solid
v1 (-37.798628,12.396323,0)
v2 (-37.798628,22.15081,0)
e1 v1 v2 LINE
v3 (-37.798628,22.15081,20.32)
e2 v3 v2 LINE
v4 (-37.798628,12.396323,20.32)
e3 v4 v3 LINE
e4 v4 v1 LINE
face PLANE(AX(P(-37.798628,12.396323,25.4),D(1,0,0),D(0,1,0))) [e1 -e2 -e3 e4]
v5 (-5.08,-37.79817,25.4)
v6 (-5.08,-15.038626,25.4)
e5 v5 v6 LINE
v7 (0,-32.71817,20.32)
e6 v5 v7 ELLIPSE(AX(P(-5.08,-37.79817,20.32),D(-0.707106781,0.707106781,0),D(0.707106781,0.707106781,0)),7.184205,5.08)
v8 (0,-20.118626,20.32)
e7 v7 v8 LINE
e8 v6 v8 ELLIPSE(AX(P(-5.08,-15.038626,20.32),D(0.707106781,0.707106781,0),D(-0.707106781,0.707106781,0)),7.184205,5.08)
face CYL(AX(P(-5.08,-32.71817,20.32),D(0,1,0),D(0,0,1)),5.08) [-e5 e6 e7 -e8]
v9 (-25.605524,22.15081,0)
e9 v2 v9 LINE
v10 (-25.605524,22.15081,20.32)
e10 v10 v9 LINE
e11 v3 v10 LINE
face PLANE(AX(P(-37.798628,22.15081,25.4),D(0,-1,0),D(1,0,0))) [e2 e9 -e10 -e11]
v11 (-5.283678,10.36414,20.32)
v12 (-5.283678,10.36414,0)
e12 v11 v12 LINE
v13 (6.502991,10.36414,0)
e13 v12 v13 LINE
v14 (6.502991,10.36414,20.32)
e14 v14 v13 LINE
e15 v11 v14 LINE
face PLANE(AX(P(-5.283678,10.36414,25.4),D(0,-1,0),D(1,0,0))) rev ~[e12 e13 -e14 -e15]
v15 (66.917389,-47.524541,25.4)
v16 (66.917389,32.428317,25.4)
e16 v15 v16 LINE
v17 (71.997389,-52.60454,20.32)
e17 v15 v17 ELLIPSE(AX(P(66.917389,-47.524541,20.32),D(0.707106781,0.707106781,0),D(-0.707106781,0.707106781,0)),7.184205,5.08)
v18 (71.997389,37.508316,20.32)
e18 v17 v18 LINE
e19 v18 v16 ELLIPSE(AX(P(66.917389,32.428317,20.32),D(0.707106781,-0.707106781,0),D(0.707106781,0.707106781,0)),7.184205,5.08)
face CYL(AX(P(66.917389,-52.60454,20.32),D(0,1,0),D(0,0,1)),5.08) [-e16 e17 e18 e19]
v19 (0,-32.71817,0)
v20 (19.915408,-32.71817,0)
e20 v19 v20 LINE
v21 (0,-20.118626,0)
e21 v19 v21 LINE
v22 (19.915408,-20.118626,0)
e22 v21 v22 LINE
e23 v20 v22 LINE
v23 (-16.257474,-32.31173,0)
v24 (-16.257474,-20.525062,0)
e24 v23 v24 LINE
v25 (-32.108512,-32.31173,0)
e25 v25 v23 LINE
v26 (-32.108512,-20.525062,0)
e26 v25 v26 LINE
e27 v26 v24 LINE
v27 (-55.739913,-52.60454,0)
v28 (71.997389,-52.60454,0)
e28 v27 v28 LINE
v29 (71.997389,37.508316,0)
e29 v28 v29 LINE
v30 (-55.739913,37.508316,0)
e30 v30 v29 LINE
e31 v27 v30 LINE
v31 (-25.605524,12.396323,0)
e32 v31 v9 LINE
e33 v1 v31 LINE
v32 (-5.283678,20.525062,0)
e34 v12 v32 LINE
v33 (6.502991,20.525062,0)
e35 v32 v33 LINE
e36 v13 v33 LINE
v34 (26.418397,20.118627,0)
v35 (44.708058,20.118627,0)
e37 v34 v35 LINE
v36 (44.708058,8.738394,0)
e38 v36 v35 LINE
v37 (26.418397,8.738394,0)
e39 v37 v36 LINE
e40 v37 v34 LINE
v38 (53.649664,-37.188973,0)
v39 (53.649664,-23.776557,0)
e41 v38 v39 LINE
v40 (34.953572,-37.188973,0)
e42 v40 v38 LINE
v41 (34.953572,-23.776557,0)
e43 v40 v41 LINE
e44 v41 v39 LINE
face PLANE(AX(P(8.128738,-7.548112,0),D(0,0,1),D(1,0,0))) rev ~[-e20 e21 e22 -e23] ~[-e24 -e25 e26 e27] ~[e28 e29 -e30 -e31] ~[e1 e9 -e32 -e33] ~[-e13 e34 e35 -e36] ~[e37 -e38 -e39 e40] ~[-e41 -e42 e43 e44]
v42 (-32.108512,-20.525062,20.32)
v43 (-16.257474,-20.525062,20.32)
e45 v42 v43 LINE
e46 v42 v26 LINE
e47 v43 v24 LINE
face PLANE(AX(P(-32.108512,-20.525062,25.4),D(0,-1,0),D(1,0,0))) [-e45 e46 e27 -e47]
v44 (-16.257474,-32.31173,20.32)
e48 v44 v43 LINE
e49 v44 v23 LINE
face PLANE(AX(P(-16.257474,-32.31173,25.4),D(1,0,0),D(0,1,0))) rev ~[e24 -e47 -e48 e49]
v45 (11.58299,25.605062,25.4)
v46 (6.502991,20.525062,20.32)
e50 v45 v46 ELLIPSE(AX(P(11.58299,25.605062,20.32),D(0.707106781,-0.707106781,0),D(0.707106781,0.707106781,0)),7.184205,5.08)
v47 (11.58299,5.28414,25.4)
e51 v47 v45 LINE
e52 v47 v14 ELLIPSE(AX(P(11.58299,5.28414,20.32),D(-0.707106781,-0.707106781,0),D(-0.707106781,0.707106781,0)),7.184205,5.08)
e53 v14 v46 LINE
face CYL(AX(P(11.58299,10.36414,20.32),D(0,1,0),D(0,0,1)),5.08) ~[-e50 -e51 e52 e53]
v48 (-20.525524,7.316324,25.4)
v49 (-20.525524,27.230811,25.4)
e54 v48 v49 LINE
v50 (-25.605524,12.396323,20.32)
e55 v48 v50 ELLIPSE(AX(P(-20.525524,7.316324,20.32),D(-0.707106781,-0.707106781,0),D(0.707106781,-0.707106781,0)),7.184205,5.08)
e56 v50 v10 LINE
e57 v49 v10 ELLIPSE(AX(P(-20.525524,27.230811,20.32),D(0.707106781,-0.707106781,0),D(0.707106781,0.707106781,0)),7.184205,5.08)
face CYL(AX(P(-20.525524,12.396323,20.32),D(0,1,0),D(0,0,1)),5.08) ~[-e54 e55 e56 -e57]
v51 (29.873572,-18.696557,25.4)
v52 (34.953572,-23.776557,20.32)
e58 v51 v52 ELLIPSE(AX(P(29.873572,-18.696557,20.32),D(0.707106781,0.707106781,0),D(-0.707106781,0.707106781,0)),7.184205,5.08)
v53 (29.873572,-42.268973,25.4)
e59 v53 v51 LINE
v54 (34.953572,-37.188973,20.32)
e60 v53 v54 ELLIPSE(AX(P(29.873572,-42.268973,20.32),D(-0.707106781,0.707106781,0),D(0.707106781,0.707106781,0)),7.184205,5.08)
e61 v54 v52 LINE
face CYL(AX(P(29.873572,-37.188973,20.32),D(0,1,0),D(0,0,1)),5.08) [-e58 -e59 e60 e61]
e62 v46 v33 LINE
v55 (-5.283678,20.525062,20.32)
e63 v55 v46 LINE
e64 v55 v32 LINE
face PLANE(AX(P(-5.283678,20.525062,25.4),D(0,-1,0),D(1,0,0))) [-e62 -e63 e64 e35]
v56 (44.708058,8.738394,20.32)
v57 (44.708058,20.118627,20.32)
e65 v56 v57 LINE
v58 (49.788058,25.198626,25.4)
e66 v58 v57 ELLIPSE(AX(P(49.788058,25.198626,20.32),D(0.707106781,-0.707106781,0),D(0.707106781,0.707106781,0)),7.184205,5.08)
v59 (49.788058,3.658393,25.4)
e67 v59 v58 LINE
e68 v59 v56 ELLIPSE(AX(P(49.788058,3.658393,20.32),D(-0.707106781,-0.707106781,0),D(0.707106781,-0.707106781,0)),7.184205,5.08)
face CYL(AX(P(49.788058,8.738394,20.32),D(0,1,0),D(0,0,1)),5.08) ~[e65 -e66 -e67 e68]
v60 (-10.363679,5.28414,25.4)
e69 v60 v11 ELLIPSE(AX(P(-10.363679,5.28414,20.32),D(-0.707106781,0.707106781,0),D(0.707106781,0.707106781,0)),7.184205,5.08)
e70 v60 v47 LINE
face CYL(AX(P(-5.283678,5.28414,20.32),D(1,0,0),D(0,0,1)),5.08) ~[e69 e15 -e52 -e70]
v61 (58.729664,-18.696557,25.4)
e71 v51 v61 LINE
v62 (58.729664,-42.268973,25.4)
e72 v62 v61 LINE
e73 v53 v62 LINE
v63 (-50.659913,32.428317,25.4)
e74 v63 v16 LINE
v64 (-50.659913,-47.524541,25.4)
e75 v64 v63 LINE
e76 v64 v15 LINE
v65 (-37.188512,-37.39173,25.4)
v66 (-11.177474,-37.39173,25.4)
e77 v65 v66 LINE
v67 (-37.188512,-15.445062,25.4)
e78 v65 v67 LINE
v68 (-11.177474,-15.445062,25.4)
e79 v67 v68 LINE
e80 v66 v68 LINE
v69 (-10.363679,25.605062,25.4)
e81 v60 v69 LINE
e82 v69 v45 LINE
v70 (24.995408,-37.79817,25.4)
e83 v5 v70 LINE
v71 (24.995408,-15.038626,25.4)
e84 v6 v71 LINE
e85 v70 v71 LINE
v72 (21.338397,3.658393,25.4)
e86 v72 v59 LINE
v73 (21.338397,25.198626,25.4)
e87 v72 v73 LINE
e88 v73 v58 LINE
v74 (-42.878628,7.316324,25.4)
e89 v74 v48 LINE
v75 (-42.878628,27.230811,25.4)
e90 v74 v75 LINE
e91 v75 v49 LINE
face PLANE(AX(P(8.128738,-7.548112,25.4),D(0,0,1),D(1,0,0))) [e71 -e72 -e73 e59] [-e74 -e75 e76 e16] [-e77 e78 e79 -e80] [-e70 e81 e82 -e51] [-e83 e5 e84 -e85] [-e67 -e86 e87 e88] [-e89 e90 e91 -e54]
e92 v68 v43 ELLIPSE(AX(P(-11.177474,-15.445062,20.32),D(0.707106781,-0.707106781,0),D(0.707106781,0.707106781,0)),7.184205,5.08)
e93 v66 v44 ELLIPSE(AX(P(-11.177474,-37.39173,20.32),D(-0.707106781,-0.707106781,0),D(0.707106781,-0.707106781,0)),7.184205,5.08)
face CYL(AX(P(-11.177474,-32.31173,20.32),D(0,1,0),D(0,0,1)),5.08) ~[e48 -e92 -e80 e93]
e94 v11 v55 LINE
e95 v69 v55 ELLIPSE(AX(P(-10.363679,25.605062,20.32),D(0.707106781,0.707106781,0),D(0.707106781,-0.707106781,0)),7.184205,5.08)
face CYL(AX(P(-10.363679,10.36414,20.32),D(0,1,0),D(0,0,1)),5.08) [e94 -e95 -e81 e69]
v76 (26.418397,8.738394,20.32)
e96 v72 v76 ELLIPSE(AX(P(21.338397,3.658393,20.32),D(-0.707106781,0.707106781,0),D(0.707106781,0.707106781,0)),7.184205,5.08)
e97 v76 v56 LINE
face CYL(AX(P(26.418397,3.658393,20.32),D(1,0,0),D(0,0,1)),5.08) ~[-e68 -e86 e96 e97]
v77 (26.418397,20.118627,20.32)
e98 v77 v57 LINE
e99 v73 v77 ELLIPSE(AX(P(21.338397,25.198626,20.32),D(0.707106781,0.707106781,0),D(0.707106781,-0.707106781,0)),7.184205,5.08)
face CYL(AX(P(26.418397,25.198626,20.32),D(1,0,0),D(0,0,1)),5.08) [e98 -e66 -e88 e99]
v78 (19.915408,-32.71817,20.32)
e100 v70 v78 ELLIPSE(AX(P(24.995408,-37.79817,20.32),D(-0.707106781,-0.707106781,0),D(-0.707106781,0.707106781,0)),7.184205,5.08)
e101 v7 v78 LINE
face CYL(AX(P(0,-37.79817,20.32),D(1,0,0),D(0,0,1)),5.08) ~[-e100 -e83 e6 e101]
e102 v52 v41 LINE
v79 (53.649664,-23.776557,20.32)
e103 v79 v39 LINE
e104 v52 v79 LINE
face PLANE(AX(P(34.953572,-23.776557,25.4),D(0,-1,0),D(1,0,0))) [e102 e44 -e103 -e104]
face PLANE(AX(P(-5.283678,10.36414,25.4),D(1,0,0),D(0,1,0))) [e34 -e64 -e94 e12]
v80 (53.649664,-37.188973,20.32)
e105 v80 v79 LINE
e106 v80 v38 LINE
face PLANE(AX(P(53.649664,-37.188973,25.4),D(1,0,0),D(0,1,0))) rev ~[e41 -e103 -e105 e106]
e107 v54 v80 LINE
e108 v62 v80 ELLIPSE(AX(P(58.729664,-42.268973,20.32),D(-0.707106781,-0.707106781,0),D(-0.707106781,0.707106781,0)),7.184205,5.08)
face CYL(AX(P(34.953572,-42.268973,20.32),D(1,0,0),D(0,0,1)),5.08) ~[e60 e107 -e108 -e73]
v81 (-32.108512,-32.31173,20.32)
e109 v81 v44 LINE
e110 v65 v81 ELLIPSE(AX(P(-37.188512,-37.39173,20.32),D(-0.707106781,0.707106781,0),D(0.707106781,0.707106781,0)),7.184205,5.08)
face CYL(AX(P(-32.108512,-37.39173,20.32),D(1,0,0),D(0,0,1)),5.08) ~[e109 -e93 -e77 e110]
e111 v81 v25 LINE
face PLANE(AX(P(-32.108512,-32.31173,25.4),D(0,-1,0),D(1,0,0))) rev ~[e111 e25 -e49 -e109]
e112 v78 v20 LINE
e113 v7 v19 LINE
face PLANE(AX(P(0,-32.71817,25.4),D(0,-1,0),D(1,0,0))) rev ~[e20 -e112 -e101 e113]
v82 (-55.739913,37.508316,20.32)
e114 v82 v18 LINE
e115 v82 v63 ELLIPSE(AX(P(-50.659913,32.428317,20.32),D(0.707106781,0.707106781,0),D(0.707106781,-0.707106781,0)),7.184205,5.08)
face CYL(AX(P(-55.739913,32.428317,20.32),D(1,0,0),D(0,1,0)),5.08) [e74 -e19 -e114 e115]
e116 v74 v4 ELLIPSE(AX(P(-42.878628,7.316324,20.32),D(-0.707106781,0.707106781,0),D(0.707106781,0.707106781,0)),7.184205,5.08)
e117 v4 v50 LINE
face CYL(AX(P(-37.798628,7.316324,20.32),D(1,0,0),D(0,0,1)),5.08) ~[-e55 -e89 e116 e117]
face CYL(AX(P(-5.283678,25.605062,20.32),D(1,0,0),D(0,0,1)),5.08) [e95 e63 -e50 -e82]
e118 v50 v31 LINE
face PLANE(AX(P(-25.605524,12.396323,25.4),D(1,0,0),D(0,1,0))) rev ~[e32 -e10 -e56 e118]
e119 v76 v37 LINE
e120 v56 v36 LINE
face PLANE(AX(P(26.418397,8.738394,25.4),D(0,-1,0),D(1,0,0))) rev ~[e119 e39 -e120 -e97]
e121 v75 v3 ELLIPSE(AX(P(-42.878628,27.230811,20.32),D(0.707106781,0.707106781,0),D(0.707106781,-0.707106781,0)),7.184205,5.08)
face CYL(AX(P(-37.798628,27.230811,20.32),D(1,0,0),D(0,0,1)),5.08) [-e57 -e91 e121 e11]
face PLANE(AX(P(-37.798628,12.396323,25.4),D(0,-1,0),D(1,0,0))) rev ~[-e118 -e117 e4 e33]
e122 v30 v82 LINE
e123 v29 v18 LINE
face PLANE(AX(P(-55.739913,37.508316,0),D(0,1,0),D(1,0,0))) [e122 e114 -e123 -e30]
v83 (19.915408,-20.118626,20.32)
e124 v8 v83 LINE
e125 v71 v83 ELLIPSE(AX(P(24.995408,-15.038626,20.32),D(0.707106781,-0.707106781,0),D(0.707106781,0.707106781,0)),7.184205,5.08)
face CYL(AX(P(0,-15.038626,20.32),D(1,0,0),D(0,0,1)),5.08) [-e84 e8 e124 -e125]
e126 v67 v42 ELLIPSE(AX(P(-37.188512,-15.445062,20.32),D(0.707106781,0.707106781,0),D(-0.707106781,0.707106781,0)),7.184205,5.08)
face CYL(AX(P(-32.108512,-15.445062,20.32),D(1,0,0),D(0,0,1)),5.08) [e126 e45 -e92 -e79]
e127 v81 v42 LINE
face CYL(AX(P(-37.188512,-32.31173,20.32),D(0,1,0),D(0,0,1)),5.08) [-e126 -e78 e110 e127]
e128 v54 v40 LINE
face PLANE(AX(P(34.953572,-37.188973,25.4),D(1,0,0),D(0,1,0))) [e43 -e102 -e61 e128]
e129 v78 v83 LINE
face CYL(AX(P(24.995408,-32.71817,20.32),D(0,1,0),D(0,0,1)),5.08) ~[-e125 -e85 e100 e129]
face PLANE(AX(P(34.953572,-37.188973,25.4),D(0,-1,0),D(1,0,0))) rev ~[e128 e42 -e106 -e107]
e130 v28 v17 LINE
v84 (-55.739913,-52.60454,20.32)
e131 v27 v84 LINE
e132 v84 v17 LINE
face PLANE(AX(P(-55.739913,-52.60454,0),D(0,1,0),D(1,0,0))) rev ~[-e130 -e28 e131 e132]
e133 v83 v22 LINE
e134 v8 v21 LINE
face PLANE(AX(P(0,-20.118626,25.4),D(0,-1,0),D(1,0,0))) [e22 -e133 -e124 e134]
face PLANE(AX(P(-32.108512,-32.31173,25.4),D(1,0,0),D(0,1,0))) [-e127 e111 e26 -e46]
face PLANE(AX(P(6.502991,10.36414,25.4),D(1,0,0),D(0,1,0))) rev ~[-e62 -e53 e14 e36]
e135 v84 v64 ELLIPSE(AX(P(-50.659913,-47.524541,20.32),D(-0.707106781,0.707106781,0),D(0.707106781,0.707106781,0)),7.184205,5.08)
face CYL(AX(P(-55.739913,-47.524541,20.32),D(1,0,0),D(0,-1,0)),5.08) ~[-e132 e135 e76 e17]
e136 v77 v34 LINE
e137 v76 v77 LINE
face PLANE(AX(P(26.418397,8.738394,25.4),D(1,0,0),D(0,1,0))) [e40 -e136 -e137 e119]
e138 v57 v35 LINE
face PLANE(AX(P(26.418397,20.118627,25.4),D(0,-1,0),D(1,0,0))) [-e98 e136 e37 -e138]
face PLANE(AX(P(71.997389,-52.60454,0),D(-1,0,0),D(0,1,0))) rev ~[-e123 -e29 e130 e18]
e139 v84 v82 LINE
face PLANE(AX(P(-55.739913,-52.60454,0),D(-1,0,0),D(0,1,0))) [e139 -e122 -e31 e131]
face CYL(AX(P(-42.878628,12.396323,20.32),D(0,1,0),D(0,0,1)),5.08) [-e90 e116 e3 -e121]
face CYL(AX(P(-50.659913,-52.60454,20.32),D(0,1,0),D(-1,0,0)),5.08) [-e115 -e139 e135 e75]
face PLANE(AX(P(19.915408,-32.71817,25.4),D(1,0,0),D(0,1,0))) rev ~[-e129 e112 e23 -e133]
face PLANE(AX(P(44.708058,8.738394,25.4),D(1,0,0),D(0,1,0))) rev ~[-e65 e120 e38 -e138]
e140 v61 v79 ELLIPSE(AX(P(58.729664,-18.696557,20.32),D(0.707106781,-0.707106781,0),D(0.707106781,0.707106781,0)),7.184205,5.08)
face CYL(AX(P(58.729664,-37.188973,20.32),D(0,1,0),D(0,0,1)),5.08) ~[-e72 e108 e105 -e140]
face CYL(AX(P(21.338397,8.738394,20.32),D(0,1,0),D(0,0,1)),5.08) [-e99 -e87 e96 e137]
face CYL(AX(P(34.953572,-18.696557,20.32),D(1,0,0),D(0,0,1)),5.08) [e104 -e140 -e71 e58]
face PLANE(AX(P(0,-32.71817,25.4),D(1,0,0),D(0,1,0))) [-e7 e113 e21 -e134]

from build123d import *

# Parameters (mm, degrees)
F0_W     = 127.737302
F0_H     = 90.112857
F1_DEPTH = 25.4
F2_W     = 11.786669
F2_H     = 10.160922
F2_W_2   = 18.289661
F2_H_2   = 11.380233
F2_W_3   = 15.851038
F2_H_3   = 11.786668
F2_W_4   = 19.915408
F2_H_4   = 12.599544
F2_W_5   = 18.696092
F2_H_5   = 13.412416
F2_W_6   = 12.193104
F2_H_6   = 9.754487
F3_DEPTH = 25.4
F4_R     = 5.08


with BuildPart() as f1:
    # F0 (on Top) → F1 (new body)
    with BuildSketch(Plane.XY):
        with Locations((8.128738, -7.548112)):
            Rectangle(F0_W, F0_H)
    extrude(amount=F1_DEPTH)

    # F2 (on face) → F3 (cut)
    with BuildSketch(Plane.XY.offset(25.4)):
        with Locations((0.609656, 15.444601)):
            Rectangle(F2_W, F2_H)
        with Locations((35.563227, 14.42851)):
            Rectangle(F2_W_2, F2_H_2)
        with Locations((-24.182993, -26.418396)):
            Rectangle(F2_W_3, F2_H_3)
        with Locations((9.957704, -26.418398)):
            Rectangle(F2_W_4, F2_H_4)
        with Locations((44.301618, -30.482765)):
            Rectangle(F2_W_5, F2_H_5)
        with Locations((-31.702076, 17.273567)):
            Rectangle(F2_W_6, F2_H_6)
    extrude(amount=-F3_DEPTH, mode=Mode.SUBTRACT)

    # F4
    f4_edges = [f1.edges().sort_by_distance(p)[0] for p in [
        (-31.702076, 22.150811, 25.4),
        (-37.798628, 17.273568, 25.4),
        (-31.702076, 12.396324, 25.4),
        (-25.605524, 17.273568, 25.4),
        (0.609656, 20.525062, 25.4),
        (6.502991, 15.444601, 25.4),
        (0.609656, 10.36414, 25.4),
        (-5.283678, 15.444601, 25.4),
        (35.563228, 20.118626, 25.4),
        (35.563228, 8.738393, 25.4),
        (26.418397, 14.428509, 25.4),
        (44.708058, 14.428509, 25.4),
        (19.915408, -26.418398, 25.4),
        (9.957704, -32.71817, 25.4),
        (0, -26.418398, 25.4),
        (9.957704, -20.118626, 25.4),
        (34.953572, -30.482765, 25.4),
        (44.301618, -23.776557, 25.4),
        (53.649664, -30.482765, 25.4),
        (44.301618, -37.188973, 25.4),
        (-32.108512, -26.418396, 25.4),
        (-24.182993, -20.525062, 25.4),
        (-24.182993, -32.31173, 25.4),
        (-16.257474, -26.418396, 25.4),
        (8.128738, 37.508316, 25.4),
        (71.997389, -7.548112, 25.4),
        (8.128738, -52.604541, 25.4),
        (-55.739913, -7.548112, 25.4),
    ]]
    fillet(f4_edges, radius=F4_R)


solid = f1.part
